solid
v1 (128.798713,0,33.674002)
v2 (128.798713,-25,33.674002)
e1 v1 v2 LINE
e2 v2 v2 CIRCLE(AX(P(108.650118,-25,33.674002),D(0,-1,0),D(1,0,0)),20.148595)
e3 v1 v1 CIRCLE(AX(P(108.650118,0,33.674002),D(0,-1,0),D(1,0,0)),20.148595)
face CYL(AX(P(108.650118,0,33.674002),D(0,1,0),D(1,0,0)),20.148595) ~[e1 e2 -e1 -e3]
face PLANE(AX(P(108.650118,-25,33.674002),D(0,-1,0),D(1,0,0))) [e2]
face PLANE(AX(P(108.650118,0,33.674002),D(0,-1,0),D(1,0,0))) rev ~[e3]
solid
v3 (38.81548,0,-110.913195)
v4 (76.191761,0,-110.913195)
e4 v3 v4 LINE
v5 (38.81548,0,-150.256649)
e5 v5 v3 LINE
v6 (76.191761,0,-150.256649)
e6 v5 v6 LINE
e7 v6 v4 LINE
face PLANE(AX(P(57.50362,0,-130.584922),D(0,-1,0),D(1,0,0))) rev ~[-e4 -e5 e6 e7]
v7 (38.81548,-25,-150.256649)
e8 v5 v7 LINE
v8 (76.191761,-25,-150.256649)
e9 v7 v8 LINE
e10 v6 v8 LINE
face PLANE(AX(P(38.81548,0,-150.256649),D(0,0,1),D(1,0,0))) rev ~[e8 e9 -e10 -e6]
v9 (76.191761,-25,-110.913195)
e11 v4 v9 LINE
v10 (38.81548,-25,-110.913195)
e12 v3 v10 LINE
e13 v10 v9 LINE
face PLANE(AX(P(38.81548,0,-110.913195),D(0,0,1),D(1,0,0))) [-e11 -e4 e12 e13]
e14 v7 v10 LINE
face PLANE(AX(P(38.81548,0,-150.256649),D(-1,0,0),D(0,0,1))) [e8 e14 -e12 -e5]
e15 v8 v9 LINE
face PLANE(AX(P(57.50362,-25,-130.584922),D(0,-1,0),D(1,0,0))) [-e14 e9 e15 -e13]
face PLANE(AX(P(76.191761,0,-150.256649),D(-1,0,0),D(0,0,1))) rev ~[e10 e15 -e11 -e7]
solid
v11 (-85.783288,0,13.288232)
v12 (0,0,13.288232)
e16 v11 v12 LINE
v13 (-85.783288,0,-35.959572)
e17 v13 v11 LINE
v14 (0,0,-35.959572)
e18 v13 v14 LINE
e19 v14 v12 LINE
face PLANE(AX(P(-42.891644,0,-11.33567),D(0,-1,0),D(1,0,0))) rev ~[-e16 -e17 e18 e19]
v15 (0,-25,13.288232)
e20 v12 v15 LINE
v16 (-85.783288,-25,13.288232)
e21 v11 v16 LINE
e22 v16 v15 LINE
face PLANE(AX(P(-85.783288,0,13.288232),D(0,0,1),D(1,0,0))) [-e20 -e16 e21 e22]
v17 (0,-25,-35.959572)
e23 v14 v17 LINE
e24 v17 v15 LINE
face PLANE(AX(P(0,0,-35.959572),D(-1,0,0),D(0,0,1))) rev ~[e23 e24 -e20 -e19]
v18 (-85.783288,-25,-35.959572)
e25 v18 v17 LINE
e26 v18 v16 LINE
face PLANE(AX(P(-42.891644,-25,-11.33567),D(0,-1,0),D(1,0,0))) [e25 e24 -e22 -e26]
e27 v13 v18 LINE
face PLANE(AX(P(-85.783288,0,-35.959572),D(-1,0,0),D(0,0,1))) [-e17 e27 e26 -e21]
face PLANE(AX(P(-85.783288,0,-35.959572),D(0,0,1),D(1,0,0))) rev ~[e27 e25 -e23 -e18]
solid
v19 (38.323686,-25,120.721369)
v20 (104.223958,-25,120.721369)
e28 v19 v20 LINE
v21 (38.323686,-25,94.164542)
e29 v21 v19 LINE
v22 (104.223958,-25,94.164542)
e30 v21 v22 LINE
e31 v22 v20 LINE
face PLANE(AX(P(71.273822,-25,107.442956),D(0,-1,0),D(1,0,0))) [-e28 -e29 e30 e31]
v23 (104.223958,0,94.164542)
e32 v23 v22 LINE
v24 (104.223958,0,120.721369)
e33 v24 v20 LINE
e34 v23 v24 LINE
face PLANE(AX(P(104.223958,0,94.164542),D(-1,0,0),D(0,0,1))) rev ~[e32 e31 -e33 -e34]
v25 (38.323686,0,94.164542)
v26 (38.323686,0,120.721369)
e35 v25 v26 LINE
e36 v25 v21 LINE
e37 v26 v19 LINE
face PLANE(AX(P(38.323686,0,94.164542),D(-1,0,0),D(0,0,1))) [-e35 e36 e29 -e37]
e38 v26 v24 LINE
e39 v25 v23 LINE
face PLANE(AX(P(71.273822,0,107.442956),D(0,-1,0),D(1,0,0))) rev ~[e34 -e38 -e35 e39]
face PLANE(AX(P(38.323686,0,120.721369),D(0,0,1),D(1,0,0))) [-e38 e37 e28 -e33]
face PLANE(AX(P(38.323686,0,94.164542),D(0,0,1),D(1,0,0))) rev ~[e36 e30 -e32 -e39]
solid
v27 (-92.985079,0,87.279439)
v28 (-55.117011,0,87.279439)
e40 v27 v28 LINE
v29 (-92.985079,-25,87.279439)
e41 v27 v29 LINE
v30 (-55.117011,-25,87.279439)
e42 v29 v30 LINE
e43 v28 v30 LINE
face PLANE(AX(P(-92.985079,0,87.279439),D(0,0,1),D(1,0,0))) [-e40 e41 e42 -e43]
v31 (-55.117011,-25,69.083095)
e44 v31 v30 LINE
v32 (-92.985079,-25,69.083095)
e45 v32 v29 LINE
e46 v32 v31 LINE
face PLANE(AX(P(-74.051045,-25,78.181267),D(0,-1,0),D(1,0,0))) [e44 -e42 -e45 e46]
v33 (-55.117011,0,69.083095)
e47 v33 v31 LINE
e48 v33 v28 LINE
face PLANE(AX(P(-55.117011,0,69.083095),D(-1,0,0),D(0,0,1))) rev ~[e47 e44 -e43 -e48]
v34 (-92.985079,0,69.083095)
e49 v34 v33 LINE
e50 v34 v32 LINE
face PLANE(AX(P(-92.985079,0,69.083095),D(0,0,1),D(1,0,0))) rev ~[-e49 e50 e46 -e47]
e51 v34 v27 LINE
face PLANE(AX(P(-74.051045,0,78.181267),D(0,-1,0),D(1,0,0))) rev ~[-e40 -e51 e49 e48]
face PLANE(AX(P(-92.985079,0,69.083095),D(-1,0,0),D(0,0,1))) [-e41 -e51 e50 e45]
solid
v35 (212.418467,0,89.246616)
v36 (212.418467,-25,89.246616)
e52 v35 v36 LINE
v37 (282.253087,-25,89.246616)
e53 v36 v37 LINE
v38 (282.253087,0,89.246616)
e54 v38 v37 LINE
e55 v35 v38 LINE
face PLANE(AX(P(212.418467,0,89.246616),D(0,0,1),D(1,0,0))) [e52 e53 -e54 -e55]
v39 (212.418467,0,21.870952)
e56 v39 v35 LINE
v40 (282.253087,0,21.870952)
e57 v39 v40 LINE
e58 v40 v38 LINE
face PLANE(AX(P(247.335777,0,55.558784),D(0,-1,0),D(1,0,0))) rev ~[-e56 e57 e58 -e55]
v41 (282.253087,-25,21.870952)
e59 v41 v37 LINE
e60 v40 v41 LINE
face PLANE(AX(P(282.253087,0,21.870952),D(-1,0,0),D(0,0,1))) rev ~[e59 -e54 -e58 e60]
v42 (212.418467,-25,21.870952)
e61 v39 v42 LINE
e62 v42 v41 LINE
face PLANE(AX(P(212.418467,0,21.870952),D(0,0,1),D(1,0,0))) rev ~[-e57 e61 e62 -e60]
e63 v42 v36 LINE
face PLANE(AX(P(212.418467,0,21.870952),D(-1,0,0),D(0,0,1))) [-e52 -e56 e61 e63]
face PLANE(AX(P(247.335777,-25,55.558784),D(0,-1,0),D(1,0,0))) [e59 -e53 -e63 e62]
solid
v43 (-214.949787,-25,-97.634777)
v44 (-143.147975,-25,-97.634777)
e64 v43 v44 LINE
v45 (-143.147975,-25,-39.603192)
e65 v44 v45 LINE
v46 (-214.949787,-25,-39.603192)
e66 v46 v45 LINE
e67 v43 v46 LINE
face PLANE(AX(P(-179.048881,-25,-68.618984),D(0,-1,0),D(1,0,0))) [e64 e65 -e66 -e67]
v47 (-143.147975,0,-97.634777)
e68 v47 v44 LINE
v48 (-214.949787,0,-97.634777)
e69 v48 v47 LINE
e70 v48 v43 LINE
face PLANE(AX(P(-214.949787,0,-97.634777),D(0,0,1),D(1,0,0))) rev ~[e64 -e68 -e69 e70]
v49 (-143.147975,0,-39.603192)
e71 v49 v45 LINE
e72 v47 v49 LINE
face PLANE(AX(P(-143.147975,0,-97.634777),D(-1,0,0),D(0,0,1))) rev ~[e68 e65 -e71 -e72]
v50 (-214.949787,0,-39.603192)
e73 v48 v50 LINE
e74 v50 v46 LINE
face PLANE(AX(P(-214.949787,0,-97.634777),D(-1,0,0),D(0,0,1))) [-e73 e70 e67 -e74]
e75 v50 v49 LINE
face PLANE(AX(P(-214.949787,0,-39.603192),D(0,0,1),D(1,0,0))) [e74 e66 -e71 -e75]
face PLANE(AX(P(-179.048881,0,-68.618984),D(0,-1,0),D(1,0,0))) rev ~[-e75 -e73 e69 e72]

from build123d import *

# Parameters (mm, degrees)
F0_W     = 85.783288
F0_H     = 49.247804
F1_DEPTH = 25
F2_R     = 20.148595
F2_W     = 37.868068
F2_H     = 18.196344
F2_W_2   = 65.900273
F2_H_2   = 26.556827
F2_W_3   = 69.83462
F2_H_3   = 67.375664
F2_W_4   = 37.376281
F2_H_4   = 39.343454
F2_W_5   = 71.801812
F2_H_5   = 58.031585
F3_DEPTH = 25


with BuildPart() as f1:
    # F0 (on Front) → F1 (new body)
    with BuildSketch(Plane.XZ):
        with Locations((-42.891644, -11.33567)):
            Rectangle(F0_W, F0_H)
    extrude(amount=F1_DEPTH)


with BuildPart() as f3:
    # F2 (on Front) → F3 (new body)
    with BuildSketch(Plane.XZ):
        with Locations((108.650118, 33.674002)):
            Circle(F2_R)
        with Locations((-74.051045, 78.181267)):
            Rectangle(F2_W, F2_H)
        with Locations((71.273822, 107.442956)):
            Rectangle(F2_W_2, F2_H_2)
        with Locations((247.335777, 55.558784)):
            Rectangle(F2_W_3, F2_H_3)
        with Locations((57.50362, -130.584922)):
            Rectangle(F2_W_4, F2_H_4)
        with Locations((-179.048881, -68.618984)):
            Rectangle(F2_W_5, F2_H_5)
    extrude(amount=F3_DEPTH)


solid = Compound([f1.part, f3.part])
